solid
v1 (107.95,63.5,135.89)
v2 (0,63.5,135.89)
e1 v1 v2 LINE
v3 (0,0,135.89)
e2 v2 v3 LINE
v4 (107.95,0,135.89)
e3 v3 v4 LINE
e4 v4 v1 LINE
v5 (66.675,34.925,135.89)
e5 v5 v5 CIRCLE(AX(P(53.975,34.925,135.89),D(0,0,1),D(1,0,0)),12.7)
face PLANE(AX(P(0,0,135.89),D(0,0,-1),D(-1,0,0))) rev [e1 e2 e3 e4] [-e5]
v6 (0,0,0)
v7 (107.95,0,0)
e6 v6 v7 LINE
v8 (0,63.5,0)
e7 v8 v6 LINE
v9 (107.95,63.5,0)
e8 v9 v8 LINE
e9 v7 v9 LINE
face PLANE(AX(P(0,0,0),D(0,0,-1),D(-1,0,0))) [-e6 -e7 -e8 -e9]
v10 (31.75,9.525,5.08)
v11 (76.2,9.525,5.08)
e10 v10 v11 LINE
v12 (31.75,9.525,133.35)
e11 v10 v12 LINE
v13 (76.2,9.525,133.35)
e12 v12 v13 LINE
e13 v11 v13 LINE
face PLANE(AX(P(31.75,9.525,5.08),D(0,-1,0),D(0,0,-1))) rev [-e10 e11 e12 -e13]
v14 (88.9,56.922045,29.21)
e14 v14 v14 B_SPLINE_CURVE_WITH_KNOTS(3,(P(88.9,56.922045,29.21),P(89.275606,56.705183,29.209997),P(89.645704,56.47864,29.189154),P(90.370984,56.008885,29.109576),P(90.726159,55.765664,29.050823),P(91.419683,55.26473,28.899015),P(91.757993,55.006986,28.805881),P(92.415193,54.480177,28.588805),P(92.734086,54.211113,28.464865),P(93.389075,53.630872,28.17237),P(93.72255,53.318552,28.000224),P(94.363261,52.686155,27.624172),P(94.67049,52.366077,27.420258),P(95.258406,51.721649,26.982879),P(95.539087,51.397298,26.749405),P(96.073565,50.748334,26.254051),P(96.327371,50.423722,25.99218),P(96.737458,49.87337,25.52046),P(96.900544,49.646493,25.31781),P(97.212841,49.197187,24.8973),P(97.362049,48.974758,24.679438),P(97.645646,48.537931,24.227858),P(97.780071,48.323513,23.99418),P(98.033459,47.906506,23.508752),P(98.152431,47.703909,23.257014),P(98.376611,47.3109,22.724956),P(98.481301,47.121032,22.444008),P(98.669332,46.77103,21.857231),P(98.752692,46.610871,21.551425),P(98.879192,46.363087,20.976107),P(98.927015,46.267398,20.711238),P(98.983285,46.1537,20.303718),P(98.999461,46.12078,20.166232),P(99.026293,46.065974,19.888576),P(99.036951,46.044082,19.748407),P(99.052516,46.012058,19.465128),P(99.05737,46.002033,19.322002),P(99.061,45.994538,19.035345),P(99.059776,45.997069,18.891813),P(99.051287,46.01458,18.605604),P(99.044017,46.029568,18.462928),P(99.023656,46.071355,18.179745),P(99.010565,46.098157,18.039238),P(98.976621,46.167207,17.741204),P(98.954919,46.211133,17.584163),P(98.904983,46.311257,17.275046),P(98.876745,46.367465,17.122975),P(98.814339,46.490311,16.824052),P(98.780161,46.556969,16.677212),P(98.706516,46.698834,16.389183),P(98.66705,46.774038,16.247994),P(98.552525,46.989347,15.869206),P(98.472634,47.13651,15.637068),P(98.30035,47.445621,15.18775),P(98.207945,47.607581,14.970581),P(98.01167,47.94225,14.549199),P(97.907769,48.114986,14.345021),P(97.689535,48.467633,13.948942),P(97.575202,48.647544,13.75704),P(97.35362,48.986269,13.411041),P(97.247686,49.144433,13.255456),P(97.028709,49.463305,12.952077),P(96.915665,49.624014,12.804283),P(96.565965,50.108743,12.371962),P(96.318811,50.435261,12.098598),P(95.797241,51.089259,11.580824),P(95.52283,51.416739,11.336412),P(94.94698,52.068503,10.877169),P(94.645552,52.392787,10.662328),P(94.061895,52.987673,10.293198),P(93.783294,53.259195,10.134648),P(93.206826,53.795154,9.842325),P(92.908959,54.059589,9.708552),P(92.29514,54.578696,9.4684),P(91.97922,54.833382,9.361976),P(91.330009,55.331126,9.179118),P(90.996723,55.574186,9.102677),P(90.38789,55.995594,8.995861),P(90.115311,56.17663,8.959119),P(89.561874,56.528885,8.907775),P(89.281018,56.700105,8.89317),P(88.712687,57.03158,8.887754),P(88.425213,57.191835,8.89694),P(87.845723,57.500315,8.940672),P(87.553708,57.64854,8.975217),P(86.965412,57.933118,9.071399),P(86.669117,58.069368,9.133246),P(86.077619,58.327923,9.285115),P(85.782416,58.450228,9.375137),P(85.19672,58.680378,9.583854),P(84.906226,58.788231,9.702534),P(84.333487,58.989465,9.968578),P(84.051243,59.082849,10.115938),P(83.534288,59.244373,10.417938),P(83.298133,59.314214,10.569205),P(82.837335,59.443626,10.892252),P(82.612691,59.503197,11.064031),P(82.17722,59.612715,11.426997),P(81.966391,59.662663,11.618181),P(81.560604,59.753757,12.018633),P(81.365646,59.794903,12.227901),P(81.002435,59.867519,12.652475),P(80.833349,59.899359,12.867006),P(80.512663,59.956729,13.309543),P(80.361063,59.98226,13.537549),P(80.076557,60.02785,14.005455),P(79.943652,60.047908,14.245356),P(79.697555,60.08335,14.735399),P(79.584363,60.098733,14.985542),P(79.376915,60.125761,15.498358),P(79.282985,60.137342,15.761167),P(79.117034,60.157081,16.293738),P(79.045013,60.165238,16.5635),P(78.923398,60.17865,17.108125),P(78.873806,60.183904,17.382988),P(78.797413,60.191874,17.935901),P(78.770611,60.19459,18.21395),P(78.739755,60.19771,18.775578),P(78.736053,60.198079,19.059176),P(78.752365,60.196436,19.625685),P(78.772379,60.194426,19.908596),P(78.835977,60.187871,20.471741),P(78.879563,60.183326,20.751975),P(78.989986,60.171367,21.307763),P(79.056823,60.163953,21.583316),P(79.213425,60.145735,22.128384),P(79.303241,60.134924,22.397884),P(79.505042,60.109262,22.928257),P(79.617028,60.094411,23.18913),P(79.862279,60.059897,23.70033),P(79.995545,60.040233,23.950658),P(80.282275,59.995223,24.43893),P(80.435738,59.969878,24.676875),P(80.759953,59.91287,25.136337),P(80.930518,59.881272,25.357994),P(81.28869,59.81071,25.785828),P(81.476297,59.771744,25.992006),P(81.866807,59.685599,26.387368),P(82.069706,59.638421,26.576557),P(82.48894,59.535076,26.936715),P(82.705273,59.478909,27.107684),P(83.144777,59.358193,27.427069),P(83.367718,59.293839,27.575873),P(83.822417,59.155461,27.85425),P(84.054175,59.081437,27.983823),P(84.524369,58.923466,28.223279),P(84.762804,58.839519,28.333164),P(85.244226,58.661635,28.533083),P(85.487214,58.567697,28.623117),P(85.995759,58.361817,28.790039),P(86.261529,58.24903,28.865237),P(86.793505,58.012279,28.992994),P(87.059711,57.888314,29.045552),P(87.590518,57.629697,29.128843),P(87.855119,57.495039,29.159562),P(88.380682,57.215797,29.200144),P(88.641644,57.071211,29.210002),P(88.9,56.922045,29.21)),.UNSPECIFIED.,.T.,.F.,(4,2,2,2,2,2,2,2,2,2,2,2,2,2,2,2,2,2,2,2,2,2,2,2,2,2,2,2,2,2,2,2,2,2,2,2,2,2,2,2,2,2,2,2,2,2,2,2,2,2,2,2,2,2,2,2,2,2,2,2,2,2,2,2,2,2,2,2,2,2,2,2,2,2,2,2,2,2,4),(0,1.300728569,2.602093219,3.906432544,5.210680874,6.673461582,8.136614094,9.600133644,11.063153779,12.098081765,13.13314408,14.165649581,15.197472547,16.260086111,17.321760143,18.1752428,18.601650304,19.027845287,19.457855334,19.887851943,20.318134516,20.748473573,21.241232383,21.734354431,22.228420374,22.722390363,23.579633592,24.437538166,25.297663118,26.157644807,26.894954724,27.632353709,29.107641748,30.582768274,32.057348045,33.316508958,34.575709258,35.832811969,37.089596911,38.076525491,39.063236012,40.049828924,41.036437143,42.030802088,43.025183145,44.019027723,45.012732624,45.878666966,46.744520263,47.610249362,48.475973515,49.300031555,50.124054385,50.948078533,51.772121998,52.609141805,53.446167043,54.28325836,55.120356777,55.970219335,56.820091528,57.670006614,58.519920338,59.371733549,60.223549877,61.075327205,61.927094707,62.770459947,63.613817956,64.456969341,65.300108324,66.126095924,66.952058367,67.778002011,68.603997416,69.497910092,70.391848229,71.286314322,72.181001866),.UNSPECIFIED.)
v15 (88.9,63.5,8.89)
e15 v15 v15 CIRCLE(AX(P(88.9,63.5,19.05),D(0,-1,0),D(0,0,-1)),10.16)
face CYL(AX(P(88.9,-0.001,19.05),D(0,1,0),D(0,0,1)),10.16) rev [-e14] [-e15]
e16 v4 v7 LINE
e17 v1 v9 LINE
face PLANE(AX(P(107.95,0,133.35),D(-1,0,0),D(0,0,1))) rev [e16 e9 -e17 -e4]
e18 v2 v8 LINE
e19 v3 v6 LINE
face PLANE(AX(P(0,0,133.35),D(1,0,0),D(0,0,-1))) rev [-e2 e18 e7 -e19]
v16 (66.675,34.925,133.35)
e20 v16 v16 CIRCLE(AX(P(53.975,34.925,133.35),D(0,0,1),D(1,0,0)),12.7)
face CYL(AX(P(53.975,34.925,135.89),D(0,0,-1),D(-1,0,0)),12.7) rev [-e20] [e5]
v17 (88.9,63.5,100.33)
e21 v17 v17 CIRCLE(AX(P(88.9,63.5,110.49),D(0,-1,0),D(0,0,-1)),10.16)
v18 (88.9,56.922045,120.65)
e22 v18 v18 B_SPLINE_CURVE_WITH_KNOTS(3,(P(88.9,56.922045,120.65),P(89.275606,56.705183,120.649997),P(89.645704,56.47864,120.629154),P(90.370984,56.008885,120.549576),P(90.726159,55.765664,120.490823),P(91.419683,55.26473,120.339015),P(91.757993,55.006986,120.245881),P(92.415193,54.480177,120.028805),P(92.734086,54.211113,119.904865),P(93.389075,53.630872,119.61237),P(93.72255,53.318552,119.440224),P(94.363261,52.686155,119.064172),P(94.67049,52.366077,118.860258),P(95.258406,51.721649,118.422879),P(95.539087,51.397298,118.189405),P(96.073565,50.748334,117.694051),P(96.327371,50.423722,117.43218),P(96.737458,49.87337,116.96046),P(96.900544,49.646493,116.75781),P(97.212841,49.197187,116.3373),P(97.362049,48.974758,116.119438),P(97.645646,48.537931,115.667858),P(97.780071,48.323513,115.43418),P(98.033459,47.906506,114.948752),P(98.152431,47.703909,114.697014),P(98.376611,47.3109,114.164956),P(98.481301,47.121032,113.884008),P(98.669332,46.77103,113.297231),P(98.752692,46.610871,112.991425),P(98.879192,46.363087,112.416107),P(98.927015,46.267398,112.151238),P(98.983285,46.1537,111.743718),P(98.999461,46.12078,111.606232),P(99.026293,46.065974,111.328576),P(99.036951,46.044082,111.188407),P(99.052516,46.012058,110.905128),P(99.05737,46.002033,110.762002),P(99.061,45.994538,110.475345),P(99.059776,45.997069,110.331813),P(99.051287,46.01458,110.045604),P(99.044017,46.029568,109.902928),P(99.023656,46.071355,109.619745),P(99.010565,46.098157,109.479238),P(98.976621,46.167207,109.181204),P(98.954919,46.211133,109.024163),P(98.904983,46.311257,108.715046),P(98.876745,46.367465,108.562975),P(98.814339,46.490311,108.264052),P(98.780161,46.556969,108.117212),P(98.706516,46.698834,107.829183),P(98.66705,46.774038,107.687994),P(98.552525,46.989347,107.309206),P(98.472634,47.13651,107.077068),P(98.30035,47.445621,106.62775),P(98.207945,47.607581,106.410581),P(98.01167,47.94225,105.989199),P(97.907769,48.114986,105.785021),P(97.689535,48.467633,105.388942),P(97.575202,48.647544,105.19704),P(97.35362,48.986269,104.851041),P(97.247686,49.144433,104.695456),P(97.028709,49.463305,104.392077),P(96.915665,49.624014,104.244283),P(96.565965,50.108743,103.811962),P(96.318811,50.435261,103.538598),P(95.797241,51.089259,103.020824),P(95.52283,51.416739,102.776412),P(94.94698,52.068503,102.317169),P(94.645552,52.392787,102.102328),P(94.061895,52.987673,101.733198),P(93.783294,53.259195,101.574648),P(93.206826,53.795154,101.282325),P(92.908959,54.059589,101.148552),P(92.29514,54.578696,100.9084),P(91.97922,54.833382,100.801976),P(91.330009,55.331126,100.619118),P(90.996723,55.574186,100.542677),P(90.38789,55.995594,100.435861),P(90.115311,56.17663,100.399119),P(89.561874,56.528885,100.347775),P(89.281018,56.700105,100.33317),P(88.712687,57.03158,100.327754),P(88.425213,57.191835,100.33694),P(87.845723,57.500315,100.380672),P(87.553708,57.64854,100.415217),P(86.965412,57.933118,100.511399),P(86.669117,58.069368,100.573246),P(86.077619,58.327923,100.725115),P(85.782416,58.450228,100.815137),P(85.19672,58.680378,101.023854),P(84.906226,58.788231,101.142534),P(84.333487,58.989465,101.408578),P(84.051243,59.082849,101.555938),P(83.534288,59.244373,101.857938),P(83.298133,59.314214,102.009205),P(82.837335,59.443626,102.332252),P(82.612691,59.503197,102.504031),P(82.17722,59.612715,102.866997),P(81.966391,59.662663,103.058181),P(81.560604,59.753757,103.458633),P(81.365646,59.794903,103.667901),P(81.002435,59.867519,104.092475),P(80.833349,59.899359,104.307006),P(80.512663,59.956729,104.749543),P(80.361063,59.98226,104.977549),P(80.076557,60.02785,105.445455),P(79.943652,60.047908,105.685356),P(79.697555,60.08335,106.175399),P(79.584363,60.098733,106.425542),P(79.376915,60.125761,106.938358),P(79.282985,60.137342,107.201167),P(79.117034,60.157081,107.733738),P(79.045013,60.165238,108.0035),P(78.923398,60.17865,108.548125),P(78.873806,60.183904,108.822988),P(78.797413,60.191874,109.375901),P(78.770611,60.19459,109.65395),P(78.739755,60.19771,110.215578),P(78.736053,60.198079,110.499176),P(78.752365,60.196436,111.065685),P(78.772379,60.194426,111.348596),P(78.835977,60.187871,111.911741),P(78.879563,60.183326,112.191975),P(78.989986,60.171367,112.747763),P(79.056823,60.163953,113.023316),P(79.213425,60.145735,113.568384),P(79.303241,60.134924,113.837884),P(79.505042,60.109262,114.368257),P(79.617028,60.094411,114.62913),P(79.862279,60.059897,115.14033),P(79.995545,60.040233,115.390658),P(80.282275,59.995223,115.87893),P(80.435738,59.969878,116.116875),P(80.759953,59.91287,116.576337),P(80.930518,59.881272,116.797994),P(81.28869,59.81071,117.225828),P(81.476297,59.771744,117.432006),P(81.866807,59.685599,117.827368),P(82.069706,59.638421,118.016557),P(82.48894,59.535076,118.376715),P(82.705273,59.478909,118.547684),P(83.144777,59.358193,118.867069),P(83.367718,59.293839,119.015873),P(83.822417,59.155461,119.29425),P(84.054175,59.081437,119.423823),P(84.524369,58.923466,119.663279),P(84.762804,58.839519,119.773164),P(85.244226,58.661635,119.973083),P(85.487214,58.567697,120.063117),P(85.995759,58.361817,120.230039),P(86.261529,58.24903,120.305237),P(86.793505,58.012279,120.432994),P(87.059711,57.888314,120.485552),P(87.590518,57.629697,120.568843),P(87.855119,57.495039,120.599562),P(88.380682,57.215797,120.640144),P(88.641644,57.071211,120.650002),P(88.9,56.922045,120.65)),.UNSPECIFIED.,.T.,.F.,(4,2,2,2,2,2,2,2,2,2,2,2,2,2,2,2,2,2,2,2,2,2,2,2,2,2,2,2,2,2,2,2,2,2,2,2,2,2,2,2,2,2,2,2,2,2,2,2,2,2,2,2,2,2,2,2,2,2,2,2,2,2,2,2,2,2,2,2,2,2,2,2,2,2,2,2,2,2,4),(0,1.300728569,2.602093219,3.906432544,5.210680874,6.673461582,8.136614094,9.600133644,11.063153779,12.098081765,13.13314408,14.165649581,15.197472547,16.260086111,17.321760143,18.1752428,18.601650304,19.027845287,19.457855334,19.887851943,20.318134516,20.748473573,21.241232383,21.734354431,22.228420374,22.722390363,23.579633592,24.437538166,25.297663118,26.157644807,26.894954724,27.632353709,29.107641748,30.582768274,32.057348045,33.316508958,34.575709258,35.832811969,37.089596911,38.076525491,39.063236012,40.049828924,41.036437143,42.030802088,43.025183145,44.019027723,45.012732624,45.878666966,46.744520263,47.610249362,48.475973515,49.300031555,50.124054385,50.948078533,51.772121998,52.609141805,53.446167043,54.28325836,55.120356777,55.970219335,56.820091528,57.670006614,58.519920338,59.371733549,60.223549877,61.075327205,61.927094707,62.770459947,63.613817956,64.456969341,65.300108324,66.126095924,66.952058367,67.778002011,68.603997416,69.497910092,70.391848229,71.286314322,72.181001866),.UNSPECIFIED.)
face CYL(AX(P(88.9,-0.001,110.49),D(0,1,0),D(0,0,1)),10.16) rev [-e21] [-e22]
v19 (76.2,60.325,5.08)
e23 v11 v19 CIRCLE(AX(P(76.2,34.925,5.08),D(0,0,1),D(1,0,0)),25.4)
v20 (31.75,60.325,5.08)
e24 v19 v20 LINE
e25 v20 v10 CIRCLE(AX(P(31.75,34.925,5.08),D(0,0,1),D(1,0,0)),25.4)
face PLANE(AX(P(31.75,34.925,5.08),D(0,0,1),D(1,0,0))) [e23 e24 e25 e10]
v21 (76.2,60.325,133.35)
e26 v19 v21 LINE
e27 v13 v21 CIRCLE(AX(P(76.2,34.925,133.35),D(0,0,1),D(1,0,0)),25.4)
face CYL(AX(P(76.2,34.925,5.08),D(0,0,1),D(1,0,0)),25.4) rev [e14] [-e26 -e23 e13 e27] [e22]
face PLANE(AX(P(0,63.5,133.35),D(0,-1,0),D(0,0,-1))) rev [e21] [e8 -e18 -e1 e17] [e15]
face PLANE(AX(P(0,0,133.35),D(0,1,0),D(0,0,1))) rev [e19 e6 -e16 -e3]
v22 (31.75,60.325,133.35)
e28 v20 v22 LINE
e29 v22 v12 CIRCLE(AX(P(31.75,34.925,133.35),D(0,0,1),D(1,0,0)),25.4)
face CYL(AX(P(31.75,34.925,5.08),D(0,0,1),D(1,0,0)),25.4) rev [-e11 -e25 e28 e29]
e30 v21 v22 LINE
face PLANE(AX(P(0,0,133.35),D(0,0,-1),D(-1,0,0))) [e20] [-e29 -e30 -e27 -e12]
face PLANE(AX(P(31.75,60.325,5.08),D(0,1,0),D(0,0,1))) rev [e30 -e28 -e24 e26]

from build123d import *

# Parameters (mm, degrees)
SKETCH1_W               = 107.95
SKETCH1_H               = 63.5
BOSS_EXTRUDE5_DEPTH     = 133.35
SKETCH5_OUTSIDE_W       = 146.538
SKETCH5_OUTSIDE_H       = 102.088
SKETCH5_OUTSIDE_W_2     = 107.95
SKETCH5_OUTSIDE_H_2     = 63.5
CUT_EXTRUDE4_DEPTH      = 128.27
SKETCH6_W               = 107.95
SKETCH6_H               = 63.5
SKETCH6_R               = 12.7
BOSS_EXTRUDE6_DEPTH     = 2.54
CUT_EXTRUDE6_REACH      = 186.801
CUT_EXTRUDE6_END_RADIUS = 25.4
SKETCH8_R               = 10.16


with BuildPart() as part:
    # Sketch1 → Boss-Extrude5 (new body)
    with BuildSketch(Plane.XY):
        with Locations((53.975, 31.75)):
            Rectangle(SKETCH1_W, SKETCH1_H)
    extrude(amount=BOSS_EXTRUDE5_DEPTH)

    # Sketch5 outside → Cut-Extrude4 (cut)
    # profile 1 of 2: a face of its own
    with BuildSketch(Plane.XY.offset(133.35)):
        with Locations((53.975, 31.75)):
            Rectangle(SKETCH5_OUTSIDE_W, SKETCH5_OUTSIDE_H)
        with Locations((53.975, 31.75)):
            Rectangle(SKETCH5_OUTSIDE_W_2, SKETCH5_OUTSIDE_H_2, mode=Mode.SUBTRACT)
    # profile 2 of 2: a face of its own
    with BuildSketch(Plane.XY.offset(133.35)):
        with BuildLine():
            Line((31.75, 60.325), (76.2, 60.325))
            ThreePointArc((76.2, 60.325), (101.6, 34.925), (76.2, 9.525))
            Line((76.2, 9.525), (31.75, 9.525))
            ThreePointArc((31.75, 9.525), (6.35, 34.925), (31.75, 60.325))
        make_face()
    extrude(amount=-CUT_EXTRUDE4_DEPTH, mode=Mode.SUBTRACT)

    # Sketch6 → Boss-Extrude6 (add)
    with BuildSketch(Plane.XY.offset(133.35)):
        with Locations((53.975, 31.75)):
            Rectangle(SKETCH6_W, SKETCH6_H)
        with Locations((53.975, 34.925)):
            Circle(SKETCH6_R, mode=Mode.SUBTRACT)
    extrude(amount=BOSS_EXTRUDE6_DEPTH)

    # Cut-Extrude6: up to this cylinder (the profile starts outside it)
    cut_extrude6_end = Plane(origin=(76.2, 34.925, 64.77), z_dir=(0, 0, 1)) * Cylinder(CUT_EXTRUDE6_END_RADIUS, 516.842, mode=Mode.PRIVATE)
    # Sketch8 → Cut-Extrude6 (cut, up to the surface)
    with BuildSketch(Plane.XZ.offset(-63.5), mode=Mode.PRIVATE) as cut_extrude6_sk1:
        with Locations(Location((88.9, 19.05, 0), (0, 0, 90))):
            Circle(SKETCH8_R)
    cut_extrude6_tool1 = extrude(cut_extrude6_sk1.sketch, amount=CUT_EXTRUDE6_REACH, mode=Mode.PRIVATE) - cut_extrude6_end
    add(cut_extrude6_tool1.solids().sort_by_distance((88.9, 63.5, 19.05))[0], mode=Mode.SUBTRACT)
    # Sketch8 → Cut-Extrude6 (cut, up to the surface)
    with BuildSketch(Plane.XZ.offset(-63.5), mode=Mode.PRIVATE) as cut_extrude6_sk2:
        with Locations(Location((88.9, 110.49, 0), (0, 0, 90))):
            Circle(SKETCH8_R)
    cut_extrude6_tool2 = extrude(cut_extrude6_sk2.sketch, amount=CUT_EXTRUDE6_REACH, mode=Mode.PRIVATE) - cut_extrude6_end
    add(cut_extrude6_tool2.solids().sort_by_distance((88.9, 63.5, 110.49))[0], mode=Mode.SUBTRACT)


solid = part.part
